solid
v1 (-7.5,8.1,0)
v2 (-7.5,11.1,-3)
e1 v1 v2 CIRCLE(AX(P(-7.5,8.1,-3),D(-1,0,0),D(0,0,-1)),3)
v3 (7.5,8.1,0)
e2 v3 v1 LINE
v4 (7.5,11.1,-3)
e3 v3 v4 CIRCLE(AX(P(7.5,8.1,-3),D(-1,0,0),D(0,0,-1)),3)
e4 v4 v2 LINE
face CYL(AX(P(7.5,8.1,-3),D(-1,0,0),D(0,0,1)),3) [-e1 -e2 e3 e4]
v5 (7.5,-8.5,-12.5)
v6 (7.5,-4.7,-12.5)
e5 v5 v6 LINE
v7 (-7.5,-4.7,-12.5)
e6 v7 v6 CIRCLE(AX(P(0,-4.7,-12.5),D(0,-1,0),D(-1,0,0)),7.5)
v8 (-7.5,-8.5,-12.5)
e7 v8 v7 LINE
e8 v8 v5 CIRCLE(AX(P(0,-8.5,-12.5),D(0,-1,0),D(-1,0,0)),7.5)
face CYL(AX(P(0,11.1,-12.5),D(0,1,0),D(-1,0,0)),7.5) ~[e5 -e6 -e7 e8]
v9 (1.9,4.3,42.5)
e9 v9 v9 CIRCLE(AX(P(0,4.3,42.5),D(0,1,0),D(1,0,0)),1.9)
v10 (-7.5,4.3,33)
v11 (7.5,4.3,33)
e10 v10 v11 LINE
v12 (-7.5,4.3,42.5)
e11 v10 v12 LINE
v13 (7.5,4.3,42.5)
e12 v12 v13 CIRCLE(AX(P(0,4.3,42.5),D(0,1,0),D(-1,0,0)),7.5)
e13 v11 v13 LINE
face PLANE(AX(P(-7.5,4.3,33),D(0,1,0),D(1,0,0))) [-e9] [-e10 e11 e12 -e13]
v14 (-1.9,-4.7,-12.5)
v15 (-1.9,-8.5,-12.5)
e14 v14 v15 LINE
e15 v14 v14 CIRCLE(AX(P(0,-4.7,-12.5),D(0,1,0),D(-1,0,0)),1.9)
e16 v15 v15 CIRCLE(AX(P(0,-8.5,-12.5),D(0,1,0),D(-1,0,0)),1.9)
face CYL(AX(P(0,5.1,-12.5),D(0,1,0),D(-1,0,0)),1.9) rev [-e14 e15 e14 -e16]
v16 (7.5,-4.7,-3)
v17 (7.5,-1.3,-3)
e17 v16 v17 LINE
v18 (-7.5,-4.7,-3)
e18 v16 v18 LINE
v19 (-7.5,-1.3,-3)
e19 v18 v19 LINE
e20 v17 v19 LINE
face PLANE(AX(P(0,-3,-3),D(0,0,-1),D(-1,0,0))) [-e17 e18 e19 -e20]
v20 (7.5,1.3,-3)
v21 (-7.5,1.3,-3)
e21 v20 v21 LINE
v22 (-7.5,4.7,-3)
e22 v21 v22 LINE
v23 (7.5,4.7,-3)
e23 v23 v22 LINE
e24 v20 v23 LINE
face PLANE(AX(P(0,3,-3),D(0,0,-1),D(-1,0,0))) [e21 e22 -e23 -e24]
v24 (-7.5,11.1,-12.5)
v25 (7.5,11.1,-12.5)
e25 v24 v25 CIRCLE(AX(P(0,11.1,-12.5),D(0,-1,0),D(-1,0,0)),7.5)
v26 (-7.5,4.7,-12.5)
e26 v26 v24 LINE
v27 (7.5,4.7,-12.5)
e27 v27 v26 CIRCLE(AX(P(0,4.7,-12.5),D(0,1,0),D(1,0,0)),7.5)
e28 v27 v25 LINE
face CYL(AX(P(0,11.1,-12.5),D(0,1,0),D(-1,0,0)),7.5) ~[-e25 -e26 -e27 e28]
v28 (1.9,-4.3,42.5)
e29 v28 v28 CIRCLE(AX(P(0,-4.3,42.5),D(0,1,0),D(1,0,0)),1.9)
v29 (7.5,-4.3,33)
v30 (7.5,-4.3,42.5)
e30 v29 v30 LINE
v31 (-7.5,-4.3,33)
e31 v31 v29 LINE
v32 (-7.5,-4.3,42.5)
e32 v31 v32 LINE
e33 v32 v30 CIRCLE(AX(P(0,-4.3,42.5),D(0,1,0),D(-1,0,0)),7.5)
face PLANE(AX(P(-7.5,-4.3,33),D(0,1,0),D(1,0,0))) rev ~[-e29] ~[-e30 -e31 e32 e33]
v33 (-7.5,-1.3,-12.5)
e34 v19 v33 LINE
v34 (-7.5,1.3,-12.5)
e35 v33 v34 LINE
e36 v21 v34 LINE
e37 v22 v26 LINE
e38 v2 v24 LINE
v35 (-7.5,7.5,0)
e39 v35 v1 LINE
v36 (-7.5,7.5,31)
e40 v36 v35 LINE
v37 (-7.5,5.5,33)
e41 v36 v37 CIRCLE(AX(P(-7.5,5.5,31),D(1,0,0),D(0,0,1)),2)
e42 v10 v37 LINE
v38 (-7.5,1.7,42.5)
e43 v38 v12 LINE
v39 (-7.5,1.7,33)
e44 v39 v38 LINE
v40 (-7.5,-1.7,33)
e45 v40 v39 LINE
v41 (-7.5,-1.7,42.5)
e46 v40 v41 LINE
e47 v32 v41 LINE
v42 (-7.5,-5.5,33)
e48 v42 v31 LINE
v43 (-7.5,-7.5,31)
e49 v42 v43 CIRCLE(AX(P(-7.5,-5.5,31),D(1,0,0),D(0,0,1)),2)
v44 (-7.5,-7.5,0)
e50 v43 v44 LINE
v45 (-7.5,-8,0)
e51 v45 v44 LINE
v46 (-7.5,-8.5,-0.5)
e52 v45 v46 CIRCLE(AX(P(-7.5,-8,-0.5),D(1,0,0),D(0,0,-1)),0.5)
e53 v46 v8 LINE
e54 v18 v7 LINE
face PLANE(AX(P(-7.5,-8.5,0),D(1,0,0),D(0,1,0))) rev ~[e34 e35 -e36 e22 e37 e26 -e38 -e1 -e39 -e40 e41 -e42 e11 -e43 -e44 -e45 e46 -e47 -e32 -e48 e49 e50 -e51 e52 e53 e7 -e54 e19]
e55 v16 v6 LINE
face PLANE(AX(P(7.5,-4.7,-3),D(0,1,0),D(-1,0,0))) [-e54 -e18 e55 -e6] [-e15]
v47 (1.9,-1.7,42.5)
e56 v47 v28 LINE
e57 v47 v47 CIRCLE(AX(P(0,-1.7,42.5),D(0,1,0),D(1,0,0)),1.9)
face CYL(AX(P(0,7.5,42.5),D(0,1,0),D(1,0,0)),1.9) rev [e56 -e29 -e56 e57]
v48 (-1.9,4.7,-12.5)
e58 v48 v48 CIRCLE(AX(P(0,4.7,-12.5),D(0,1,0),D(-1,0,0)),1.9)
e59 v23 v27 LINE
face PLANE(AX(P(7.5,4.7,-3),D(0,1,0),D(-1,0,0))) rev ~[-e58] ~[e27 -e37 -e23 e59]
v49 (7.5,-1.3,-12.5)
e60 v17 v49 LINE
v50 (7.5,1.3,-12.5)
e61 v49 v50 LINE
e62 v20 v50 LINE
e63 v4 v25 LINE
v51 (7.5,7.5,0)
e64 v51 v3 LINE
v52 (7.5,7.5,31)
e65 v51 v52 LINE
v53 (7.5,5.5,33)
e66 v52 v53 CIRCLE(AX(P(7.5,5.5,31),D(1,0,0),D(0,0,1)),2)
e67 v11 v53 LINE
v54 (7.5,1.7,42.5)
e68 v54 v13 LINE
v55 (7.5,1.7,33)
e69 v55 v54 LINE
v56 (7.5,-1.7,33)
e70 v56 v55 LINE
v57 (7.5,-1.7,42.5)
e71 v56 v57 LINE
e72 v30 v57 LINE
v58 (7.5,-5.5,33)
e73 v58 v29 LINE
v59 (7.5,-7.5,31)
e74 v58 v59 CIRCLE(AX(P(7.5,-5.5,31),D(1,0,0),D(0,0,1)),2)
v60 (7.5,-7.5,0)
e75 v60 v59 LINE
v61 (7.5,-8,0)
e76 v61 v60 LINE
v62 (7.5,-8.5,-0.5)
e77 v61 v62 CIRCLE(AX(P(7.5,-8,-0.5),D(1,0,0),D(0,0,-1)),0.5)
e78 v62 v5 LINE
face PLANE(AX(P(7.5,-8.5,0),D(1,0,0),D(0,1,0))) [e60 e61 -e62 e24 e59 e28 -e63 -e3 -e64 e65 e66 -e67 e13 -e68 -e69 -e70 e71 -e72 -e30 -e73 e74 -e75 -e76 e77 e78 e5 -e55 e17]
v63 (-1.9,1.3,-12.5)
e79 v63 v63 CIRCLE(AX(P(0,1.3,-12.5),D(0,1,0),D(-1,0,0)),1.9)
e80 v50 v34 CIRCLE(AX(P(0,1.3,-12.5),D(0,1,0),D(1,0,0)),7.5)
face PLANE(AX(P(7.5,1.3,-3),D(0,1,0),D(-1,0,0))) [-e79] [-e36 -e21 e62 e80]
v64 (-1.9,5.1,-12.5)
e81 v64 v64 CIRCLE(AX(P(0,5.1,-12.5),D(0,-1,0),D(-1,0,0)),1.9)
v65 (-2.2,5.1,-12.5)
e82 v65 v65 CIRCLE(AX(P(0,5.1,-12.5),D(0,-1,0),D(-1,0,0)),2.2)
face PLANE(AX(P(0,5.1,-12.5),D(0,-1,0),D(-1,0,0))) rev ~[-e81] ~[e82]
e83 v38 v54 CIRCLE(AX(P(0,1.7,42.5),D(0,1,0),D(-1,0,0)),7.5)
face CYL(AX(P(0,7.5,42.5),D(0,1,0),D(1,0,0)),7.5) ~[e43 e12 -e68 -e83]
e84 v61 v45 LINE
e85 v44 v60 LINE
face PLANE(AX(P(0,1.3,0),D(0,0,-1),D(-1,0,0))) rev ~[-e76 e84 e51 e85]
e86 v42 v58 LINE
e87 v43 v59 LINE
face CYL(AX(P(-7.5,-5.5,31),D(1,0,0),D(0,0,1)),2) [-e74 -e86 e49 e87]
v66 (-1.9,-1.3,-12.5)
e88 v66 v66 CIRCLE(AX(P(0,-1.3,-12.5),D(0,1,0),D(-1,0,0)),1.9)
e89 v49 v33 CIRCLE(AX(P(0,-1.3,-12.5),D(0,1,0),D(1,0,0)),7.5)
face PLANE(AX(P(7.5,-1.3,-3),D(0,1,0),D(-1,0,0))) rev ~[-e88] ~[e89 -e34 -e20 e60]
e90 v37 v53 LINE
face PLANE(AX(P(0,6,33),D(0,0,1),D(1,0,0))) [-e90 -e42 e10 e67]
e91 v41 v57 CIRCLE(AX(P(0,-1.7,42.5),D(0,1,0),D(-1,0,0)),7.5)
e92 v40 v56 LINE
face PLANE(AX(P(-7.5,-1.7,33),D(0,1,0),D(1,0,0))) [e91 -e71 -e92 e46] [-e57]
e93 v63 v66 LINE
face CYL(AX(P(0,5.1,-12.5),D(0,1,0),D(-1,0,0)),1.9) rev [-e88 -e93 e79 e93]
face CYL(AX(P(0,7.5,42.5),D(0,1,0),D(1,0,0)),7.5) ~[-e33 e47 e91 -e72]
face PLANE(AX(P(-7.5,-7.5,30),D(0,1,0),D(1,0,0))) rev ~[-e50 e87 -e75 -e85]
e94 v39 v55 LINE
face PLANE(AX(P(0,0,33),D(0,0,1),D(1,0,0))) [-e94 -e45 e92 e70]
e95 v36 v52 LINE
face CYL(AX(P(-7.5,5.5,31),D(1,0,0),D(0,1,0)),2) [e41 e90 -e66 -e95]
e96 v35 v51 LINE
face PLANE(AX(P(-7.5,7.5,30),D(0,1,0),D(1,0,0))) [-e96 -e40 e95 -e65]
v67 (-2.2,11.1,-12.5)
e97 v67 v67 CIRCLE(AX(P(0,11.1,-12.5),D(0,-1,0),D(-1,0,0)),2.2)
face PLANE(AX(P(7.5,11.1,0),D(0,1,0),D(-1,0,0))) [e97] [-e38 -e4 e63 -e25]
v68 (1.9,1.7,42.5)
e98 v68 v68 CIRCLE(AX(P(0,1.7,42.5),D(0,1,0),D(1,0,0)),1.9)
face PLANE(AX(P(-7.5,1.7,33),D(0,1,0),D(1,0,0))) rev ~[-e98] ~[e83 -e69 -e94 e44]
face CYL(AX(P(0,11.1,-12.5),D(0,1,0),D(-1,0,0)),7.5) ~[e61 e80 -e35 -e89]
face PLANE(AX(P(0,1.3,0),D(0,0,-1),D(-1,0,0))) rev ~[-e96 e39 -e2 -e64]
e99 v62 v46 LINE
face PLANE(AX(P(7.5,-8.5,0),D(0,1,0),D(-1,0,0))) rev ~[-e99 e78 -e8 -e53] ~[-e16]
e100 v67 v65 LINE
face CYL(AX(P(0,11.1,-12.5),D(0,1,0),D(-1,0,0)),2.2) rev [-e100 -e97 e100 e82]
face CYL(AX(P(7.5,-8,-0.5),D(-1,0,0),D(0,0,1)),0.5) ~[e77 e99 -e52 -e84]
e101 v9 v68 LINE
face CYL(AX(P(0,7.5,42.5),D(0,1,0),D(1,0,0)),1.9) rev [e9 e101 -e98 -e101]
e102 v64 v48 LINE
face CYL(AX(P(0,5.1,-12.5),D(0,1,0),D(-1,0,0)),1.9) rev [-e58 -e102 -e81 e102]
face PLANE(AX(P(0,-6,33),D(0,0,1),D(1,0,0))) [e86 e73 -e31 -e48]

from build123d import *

# Parameters (mm, degrees)
CYLINDER004_R             = 1.9
CYLINDER004_DEPTH         = 15
BOX005_W                  = 15
BOX005_H                  = 3.4
BOX005_DEPTH              = 17
ARRAY001_Y_COUNT          = 3
ARRAY001_Y_PITCH          = 6
CYLINDER003_R             = 7.5
CYLINDER003_DEPTH         = 15
BOX004_W                  = 15
BOX004_H                  = 15
BOX004_DEPTH              = 12.5
BOX003_W                  = 15
BOX003_H                  = 3.4
BOX003_DEPTH              = 17
ARRAY_Y_COUNT             = 2
ARRAY_Y_PITCH             = 6
CYLINDER002_R             = 2.2
CYLINDER002_DEPTH         = 6
CYLINDER001_R             = 1.9
CYLINDER001_DEPTH         = 15
FUSION001_PLACEMENT_ANGLE = 90
CYLINDER_R                = 7.5
CYLINDER_DEPTH            = 19.6
BOX002_W                  = 15
BOX002_H                  = 19.6
BOX002_DEPTH              = 12.5
BODY009_PLACEMENT_ANGLE   = 180
BOX012_W                  = 15
BOX012_H                  = 15
BOX012_DEPTH              = 30
FILLET003_1_R             = 3
FILLET003_2_R             = 2
FILLET003_3_R             = 0.5


with BuildPart() as side_2_bolt_hole:
    # Cylinder004 → Cylinder004 (new body)
    with BuildSketch(Plane(origin=(0, 7.5, 12.5), x_dir=(1, 0, 0), z_dir=(0, -1, 0))):
        Circle(CYLINDER004_R)
    extrude(amount=CYLINDER004_DEPTH)


with BuildPart() as side_2_extract_fusion:
    # Box005 → Box005 (new body)
    with BuildSketch(Plane(origin=(-7.5, -7.7, 3), x_dir=(1, 0, 0), z_dir=(0, 0, 1))):
        with Locations((7.5, 1.7)):
            Rectangle(BOX005_W, BOX005_H)
    extrude(amount=BOX005_DEPTH)

    # Array001 Y: side 2 extract fusion ×3


with BuildPart() as side_2_extract_fusion_1:
    add(side_2_extract_fusion.part)
    with Locations(*[(0, i * ARRAY001_Y_PITCH, 0) for i in range(1, ARRAY001_Y_COUNT)]):
        add(side_2_extract_fusion.part)

    # Fusion004: union side 2 bolt hole
    add(side_2_bolt_hole.part)


with BuildPart() as outer_cylinder001:
    # Cylinder003 → Cylinder003 (new body)
    with BuildSketch(Plane(origin=(0, 7.5, 12.5), x_dir=(1, 0, 0), z_dir=(0, -1, 0))):
        Circle(CYLINDER003_R)
    extrude(amount=CYLINDER003_DEPTH)


with BuildPart() as side_2_cut_clone003:
    # Box004 → Box004 (new body)
    with BuildSketch(Plane(origin=(-7.5, -7.5, 0), x_dir=(1, 0, 0), z_dir=(0, 0, 1))):
        with Locations((7.5, 7.5)):
            Rectangle(BOX004_W, BOX004_H)
    extrude(amount=BOX004_DEPTH)

    # Fusion003: union outer cylinder001
    add(outer_cylinder001.part)

    # Cut001: cut side 2 extract fusion
    add(side_2_extract_fusion_1.part, mode=Mode.SUBTRACT)


with BuildPart() as side_2_cut_clone003_1:
    # Body008 placement: moved
    add(side_2_cut_clone003.part.moved(Location((0, 0, 30))))


with BuildPart() as side_3_extract_cube_array:
    # Box003 → Box003 (new body)
    with BuildSketch(Plane(origin=(-7.5, -7.7, 3), x_dir=(1, 0, 0), z_dir=(0, 0, 1))):
        with Locations((7.5, 1.7)):
            Rectangle(BOX003_W, BOX003_H)
    extrude(amount=BOX003_DEPTH)

    # Array Y: side 3 extract cube array ×2


with BuildPart() as side_3_extract_cube_array_1:
    add(side_3_extract_cube_array.part)
    with Locations(*[(0, i * ARRAY_Y_PITCH, 0) for i in range(1, ARRAY_Y_COUNT)]):
        add(side_3_extract_cube_array.part)


with BuildPart() as side_3_extract_cube_array_2:
    # Array placement: moved
    add(side_3_extract_cube_array_1.part.moved(Location((0, 3, 0))))


with BuildPart() as insert_hole:
    # Cylinder002 → Cylinder002 (new body)
    with BuildSketch(Plane.XY):
        Circle(CYLINDER002_R)
    extrude(amount=CYLINDER002_DEPTH)


with BuildPart() as side_3_extract_fusion:
    # Cylinder001 → Cylinder001 (new body)
    with BuildSketch(Plane.XY.offset(6)):
        Circle(CYLINDER001_R)
    extrude(amount=CYLINDER001_DEPTH)

    # Fusion001: union insert hole
    add(insert_hole.part)


with BuildPart() as side_3_extract_fusion_1:
    # Fusion001 placement: moved
    add(side_3_extract_fusion.part.moved(Location((0, 11.1, 12.5))).rotate(Axis((0, 11.1, 12.5), (1, 0, 0)), FUSION001_PLACEMENT_ANGLE))

    # Fusion002: union side 3 extract cube array
    add(side_3_extract_cube_array_2.part)


with BuildPart() as outer_cylinder:
    # Cylinder → Cylinder (new body)
    with BuildSketch(Plane(origin=(0, 11.1, 12.5), x_dir=(1, 0, 0), z_dir=(0, -1, 0))):
        Circle(CYLINDER_R)
    extrude(amount=CYLINDER_DEPTH)


with BuildPart() as side_3_cut_clone003:
    # Box002 → Box002 (new body)
    with BuildSketch(Plane(origin=(-7.5, -8.5, 0), x_dir=(1, 0, 0), z_dir=(0, 0, 1))):
        with Locations((7.5, 9.8)):
            Rectangle(BOX002_W, BOX002_H)
    extrude(amount=BOX002_DEPTH)

    # Fusion: union outer cylinder
    add(outer_cylinder.part)

    # Cut: cut side 3 extract fusion
    add(side_3_extract_fusion_1.part, mode=Mode.SUBTRACT)


with BuildPart() as side_3_cut_clone003_1:
    # Body009 placement: moved
    add(side_3_cut_clone003.part.rotate(Axis((0, 0, 0), (0, 1, 0)), BODY009_PLACEMENT_ANGLE))


with BuildPart() as extender_stick_fillet:
    # Box012 → Box012 (new body)
    with BuildSketch(Plane(origin=(-7.5, -7.5, 0), x_dir=(1, 0, 0), z_dir=(0, 0, 1))):
        with Locations((7.5, 7.5)):
            Rectangle(BOX012_W, BOX012_H)
    extrude(amount=BOX012_DEPTH)

    # Fusion010: union side 2 cut clone003, side 3 cut clone003
    add(side_2_cut_clone003_1.part)
    add(side_3_cut_clone003_1.part)

    # Fillet003 1
    fillet003_1_edges = [extender_stick_fillet.edges().sort_by_distance(p)[0] for p in [
        (0, 11.1, 0),
    ]]
    fillet(fillet003_1_edges, radius=FILLET003_1_R)

    # Fillet003 2
    fillet003_2_edges = [extender_stick_fillet.edges().sort_by_distance(p)[0] for p in [
        (0, -7.5, 33),
        (0, 7.5, 33),
    ]]
    fillet(fillet003_2_edges, radius=FILLET003_2_R)

    # Fillet003 3
    fillet003_3_edges = [extender_stick_fillet.edges().sort_by_distance(p)[0] for p in [
        (0, -8.5, 0),
    ]]
    fillet(fillet003_3_edges, radius=FILLET003_3_R)


solid = extender_stick_fillet.part
